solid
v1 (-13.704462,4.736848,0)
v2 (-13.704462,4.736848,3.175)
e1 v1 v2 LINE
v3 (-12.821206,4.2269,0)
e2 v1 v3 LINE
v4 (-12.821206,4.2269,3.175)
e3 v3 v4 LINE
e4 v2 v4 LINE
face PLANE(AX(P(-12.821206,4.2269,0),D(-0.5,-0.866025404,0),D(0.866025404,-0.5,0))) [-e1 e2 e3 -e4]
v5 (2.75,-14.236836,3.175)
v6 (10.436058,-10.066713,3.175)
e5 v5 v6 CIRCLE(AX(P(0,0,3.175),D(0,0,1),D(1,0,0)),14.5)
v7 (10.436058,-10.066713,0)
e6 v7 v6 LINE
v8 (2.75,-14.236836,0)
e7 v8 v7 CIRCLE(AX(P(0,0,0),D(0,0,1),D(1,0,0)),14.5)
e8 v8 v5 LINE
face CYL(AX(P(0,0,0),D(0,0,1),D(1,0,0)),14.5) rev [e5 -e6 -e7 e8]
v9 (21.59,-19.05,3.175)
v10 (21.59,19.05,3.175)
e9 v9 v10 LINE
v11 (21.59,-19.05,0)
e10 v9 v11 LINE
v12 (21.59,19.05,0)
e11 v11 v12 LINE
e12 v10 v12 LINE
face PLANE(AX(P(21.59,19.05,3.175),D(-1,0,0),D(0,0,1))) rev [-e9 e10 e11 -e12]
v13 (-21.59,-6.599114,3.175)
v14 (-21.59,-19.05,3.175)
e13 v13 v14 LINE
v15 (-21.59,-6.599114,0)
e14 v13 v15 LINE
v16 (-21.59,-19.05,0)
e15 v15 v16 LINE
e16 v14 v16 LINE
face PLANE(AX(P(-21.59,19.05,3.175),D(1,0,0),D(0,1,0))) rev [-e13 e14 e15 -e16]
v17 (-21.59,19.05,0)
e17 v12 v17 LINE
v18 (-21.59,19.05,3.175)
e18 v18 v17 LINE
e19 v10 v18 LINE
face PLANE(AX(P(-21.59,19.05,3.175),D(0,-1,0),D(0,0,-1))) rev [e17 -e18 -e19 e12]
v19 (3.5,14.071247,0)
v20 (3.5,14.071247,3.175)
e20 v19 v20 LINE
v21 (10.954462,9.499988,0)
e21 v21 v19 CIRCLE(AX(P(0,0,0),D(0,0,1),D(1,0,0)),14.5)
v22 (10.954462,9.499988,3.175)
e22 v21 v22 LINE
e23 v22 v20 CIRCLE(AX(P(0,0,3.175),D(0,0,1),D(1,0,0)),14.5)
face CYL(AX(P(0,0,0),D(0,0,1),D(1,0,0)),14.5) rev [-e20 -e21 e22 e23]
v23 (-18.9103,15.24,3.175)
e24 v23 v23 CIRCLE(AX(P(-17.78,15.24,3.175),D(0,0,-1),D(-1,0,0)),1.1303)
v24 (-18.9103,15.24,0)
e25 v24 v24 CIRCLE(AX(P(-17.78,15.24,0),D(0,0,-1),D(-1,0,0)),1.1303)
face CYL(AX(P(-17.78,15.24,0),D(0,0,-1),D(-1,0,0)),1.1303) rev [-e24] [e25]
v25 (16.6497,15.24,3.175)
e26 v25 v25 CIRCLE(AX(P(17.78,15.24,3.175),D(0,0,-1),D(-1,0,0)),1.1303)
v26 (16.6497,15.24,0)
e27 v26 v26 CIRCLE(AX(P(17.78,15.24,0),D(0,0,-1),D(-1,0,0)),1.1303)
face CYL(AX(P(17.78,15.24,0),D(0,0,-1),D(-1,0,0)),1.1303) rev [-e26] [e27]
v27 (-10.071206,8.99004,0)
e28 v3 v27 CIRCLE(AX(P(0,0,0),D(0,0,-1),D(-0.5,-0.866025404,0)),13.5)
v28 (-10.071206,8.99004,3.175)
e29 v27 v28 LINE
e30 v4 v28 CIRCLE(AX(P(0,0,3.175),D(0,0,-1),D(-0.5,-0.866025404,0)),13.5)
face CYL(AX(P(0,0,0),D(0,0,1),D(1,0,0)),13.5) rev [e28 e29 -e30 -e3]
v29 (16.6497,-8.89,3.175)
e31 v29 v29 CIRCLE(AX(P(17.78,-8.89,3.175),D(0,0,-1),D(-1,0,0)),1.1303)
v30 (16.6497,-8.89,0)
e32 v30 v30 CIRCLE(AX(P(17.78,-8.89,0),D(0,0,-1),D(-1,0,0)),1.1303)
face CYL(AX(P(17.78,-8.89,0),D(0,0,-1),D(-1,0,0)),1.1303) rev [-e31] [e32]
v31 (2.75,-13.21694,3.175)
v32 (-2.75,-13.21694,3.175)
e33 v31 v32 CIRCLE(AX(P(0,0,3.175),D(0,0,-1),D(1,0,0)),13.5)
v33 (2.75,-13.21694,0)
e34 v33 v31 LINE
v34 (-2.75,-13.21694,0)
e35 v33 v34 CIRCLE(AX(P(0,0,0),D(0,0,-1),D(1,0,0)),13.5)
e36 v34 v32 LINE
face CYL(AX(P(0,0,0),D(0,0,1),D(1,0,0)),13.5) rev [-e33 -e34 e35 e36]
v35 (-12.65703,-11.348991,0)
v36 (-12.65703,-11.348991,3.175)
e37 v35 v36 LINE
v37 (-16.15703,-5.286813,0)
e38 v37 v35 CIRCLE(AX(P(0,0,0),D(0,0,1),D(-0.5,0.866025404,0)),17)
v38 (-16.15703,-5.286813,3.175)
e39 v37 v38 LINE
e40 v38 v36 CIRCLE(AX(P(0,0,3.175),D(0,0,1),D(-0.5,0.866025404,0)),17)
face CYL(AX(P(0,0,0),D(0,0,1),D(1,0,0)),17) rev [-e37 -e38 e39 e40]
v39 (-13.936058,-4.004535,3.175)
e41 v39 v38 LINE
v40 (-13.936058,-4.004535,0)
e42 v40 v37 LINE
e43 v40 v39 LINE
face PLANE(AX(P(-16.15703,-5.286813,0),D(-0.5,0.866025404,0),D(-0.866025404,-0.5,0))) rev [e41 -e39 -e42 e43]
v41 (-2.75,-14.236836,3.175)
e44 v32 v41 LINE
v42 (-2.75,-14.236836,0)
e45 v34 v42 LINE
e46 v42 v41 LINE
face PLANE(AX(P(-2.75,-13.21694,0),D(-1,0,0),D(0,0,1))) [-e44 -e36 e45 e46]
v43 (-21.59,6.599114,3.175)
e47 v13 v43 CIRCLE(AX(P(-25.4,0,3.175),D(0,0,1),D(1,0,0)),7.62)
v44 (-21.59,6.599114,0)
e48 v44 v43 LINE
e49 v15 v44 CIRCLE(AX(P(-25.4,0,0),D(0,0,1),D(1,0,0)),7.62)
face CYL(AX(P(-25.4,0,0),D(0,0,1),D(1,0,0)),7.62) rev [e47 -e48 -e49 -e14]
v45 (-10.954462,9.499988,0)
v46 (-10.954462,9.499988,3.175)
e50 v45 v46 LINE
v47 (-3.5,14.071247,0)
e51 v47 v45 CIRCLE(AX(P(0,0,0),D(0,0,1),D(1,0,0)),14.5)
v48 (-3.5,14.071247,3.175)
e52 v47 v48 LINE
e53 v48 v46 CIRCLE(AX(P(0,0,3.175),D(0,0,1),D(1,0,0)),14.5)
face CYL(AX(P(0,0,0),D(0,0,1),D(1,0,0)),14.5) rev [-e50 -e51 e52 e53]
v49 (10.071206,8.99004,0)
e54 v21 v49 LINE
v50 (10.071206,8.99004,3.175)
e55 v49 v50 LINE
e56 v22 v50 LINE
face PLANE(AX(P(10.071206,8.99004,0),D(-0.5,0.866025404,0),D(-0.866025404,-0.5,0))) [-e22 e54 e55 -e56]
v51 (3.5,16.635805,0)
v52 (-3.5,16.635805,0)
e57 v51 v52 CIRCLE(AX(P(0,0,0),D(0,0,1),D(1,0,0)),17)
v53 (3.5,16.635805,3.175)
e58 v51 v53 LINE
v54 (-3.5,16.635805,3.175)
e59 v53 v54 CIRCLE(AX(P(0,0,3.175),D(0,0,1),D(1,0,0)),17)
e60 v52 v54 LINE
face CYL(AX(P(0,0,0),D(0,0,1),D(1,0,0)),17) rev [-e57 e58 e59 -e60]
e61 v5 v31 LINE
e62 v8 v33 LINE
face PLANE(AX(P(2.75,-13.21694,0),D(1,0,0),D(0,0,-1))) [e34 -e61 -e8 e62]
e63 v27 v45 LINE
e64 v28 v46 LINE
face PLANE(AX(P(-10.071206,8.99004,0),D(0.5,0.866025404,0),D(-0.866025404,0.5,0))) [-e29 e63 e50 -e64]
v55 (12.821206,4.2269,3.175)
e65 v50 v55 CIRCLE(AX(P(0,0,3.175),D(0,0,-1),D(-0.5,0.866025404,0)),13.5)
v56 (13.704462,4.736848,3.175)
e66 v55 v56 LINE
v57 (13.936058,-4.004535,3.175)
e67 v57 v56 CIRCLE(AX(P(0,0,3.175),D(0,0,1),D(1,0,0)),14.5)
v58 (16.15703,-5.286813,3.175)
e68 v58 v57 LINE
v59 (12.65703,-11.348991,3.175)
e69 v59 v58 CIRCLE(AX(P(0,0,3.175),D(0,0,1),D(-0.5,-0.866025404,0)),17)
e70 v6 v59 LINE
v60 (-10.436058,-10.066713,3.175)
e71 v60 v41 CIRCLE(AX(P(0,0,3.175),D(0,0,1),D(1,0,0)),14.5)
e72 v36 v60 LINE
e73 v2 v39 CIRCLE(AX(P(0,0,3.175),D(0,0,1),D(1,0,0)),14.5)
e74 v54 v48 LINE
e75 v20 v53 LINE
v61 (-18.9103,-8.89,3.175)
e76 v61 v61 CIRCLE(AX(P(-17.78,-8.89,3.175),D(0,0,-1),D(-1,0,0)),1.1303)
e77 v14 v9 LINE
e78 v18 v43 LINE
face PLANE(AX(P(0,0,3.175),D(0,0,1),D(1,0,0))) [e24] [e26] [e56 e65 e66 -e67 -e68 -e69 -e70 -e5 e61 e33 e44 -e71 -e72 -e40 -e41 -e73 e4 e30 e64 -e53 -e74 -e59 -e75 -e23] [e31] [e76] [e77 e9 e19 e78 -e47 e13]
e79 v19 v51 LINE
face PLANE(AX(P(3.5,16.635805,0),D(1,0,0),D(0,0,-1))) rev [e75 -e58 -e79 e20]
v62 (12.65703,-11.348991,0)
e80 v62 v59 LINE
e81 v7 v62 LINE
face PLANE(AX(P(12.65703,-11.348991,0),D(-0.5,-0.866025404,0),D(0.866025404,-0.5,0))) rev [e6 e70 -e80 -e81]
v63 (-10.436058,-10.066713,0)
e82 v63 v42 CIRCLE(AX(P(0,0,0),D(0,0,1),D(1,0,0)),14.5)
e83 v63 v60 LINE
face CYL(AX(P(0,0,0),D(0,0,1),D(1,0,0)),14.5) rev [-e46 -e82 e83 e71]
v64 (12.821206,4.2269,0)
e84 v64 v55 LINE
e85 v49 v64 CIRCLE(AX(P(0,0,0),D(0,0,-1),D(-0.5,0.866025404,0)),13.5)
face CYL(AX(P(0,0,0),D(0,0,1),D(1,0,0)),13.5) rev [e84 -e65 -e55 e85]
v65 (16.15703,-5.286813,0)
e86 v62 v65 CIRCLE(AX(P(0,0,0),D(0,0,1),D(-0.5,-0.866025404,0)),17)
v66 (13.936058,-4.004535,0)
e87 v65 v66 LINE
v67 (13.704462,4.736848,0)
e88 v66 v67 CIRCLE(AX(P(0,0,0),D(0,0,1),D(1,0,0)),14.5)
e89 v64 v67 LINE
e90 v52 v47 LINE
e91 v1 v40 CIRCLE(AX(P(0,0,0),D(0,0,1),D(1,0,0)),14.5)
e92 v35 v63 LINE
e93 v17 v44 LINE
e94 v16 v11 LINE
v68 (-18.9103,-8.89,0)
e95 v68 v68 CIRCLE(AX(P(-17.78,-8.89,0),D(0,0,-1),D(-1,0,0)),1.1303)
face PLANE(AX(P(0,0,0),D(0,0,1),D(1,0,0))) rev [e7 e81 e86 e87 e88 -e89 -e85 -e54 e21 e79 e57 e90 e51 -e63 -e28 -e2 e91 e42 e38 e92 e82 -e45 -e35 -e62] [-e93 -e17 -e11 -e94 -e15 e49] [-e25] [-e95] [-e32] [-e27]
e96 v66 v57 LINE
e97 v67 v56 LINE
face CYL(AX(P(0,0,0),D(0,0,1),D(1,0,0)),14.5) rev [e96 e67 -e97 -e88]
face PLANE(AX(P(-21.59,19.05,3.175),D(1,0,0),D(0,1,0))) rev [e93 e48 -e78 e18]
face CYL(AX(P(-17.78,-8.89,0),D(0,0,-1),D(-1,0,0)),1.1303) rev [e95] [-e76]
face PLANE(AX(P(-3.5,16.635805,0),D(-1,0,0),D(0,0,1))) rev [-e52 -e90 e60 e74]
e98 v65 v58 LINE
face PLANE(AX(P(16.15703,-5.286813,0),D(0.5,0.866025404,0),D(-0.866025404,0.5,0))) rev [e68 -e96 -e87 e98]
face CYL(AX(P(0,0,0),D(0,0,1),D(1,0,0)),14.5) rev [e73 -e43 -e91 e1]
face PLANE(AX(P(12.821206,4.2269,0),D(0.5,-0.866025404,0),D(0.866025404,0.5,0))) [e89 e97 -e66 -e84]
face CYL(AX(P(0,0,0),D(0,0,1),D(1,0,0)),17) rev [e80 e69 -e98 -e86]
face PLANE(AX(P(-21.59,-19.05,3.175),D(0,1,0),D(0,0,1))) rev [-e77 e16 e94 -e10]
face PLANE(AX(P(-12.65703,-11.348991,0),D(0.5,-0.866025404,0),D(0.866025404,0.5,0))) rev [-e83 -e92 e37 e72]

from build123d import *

# Parameters (mm, degrees)
SKETCH1_W             = 43.18
SKETCH1_H             = 38.1
BOSS_EXTRUDE1_DEPTH   = 3.175
SKETCH2_R             = 14.5
CUT_EXTRUDE1_DEPTH    = 4.175
CUT_EXTRUDE2_DEPTH    = 4.175
CIRPATTERN1_COUNT     = 3
BOSS_EXTRUDE2_DEPTH   = 3.175
CIRPATTERN2_COUNT     = 3
SKETCH6_R             = 7.62
CUT_EXTRUDE4_DEPTH    = 4.175
F_4_40_TAPPED_HOLE1_D = 2.2606


with BuildPart() as part:
    # Sketch1 → Boss-Extrude1 (new body)
    with BuildSketch(Plane.XY):
        Rectangle(SKETCH1_W, SKETCH1_H)
    extrude(amount=BOSS_EXTRUDE1_DEPTH)

    # Sketch2 → Cut-Extrude1 (cut, through all)
    with BuildSketch(Plane.XY.offset(3.175)):
        Circle(SKETCH2_R)
    extrude(amount=-CUT_EXTRUDE1_DEPTH, mode=Mode.SUBTRACT)

    # Sketch3 → Cut-Extrude2 (cut, through all)
    with BuildSketch(Plane.XY.offset(3.175)):
        with BuildLine():
            Line((-3.5, 16.63580476), (-3.5, 14.071247279))
            ThreePointArc((-3.5, 14.071247279), (0, 14.5), (3.5, 14.071247279))
            Line((3.5, 14.071247279), (3.5, 16.63580476))
            ThreePointArc((3.5, 16.63580476), (0, 17), (-3.5, 16.63580476))
        make_face()
    cut_extrude2 = extrude(amount=-CUT_EXTRUDE2_DEPTH, mode=Mode.SUBTRACT)

    # CirPattern1: Cut-Extrude2 ×3 about axis
    cirpattern1_axis = Axis((0, 0, 0), (0, 0, 1))
    for i in range(1, CIRPATTERN1_COUNT):
        add(cut_extrude2.rotate(cirpattern1_axis, i * 360 / CIRPATTERN1_COUNT), mode=Mode.SUBTRACT)

    # Sketch4 → Boss-Extrude2 (add)
    with BuildSketch(Plane.XY.offset(3.175)):
        with BuildLine():
            Line((-2.75, -13.216939888), (-2.75, -14.236836025))
            ThreePointArc((-2.75, -14.236836025), (0, -14.5), (2.75, -14.236836025))
            Line((2.75, -14.236836025), (2.75, -13.216939888))
            ThreePointArc((2.75, -13.216939888), (0, -13.5), (-2.75, -13.216939888))
        make_face()
    boss_extrude2 = extrude(amount=-BOSS_EXTRUDE2_DEPTH)

    # CirPattern2: Boss-Extrude2 ×3 about axis
    cirpattern2_axis = Axis((0, 0, 0), (0, 0, 1))
    for i in range(1, CIRPATTERN2_COUNT):
        add(boss_extrude2.rotate(cirpattern2_axis, i * 360 / CIRPATTERN2_COUNT))

    # Sketch6 → Cut-Extrude4 (cut, through all)
    with BuildSketch(Plane.XY.offset(3.175)):
        with Locations((-25.4, 0)):
            Circle(SKETCH6_R)
    extrude(amount=-CUT_EXTRUDE4_DEPTH, mode=Mode.SUBTRACT)

    # #4-40 Tapped Hole1 (through all)
    with Locations(Plane(origin=(0, 0, 0), x_dir=(-1, 0, 0), z_dir=(0, 0, -1))):
        with Locations((-17.78, 15.24), (-17.78, -8.89), (17.78, -8.89), (17.78, 15.24)):
            Hole(F_4_40_TAPPED_HOLE1_D / 2)


solid = part.part
